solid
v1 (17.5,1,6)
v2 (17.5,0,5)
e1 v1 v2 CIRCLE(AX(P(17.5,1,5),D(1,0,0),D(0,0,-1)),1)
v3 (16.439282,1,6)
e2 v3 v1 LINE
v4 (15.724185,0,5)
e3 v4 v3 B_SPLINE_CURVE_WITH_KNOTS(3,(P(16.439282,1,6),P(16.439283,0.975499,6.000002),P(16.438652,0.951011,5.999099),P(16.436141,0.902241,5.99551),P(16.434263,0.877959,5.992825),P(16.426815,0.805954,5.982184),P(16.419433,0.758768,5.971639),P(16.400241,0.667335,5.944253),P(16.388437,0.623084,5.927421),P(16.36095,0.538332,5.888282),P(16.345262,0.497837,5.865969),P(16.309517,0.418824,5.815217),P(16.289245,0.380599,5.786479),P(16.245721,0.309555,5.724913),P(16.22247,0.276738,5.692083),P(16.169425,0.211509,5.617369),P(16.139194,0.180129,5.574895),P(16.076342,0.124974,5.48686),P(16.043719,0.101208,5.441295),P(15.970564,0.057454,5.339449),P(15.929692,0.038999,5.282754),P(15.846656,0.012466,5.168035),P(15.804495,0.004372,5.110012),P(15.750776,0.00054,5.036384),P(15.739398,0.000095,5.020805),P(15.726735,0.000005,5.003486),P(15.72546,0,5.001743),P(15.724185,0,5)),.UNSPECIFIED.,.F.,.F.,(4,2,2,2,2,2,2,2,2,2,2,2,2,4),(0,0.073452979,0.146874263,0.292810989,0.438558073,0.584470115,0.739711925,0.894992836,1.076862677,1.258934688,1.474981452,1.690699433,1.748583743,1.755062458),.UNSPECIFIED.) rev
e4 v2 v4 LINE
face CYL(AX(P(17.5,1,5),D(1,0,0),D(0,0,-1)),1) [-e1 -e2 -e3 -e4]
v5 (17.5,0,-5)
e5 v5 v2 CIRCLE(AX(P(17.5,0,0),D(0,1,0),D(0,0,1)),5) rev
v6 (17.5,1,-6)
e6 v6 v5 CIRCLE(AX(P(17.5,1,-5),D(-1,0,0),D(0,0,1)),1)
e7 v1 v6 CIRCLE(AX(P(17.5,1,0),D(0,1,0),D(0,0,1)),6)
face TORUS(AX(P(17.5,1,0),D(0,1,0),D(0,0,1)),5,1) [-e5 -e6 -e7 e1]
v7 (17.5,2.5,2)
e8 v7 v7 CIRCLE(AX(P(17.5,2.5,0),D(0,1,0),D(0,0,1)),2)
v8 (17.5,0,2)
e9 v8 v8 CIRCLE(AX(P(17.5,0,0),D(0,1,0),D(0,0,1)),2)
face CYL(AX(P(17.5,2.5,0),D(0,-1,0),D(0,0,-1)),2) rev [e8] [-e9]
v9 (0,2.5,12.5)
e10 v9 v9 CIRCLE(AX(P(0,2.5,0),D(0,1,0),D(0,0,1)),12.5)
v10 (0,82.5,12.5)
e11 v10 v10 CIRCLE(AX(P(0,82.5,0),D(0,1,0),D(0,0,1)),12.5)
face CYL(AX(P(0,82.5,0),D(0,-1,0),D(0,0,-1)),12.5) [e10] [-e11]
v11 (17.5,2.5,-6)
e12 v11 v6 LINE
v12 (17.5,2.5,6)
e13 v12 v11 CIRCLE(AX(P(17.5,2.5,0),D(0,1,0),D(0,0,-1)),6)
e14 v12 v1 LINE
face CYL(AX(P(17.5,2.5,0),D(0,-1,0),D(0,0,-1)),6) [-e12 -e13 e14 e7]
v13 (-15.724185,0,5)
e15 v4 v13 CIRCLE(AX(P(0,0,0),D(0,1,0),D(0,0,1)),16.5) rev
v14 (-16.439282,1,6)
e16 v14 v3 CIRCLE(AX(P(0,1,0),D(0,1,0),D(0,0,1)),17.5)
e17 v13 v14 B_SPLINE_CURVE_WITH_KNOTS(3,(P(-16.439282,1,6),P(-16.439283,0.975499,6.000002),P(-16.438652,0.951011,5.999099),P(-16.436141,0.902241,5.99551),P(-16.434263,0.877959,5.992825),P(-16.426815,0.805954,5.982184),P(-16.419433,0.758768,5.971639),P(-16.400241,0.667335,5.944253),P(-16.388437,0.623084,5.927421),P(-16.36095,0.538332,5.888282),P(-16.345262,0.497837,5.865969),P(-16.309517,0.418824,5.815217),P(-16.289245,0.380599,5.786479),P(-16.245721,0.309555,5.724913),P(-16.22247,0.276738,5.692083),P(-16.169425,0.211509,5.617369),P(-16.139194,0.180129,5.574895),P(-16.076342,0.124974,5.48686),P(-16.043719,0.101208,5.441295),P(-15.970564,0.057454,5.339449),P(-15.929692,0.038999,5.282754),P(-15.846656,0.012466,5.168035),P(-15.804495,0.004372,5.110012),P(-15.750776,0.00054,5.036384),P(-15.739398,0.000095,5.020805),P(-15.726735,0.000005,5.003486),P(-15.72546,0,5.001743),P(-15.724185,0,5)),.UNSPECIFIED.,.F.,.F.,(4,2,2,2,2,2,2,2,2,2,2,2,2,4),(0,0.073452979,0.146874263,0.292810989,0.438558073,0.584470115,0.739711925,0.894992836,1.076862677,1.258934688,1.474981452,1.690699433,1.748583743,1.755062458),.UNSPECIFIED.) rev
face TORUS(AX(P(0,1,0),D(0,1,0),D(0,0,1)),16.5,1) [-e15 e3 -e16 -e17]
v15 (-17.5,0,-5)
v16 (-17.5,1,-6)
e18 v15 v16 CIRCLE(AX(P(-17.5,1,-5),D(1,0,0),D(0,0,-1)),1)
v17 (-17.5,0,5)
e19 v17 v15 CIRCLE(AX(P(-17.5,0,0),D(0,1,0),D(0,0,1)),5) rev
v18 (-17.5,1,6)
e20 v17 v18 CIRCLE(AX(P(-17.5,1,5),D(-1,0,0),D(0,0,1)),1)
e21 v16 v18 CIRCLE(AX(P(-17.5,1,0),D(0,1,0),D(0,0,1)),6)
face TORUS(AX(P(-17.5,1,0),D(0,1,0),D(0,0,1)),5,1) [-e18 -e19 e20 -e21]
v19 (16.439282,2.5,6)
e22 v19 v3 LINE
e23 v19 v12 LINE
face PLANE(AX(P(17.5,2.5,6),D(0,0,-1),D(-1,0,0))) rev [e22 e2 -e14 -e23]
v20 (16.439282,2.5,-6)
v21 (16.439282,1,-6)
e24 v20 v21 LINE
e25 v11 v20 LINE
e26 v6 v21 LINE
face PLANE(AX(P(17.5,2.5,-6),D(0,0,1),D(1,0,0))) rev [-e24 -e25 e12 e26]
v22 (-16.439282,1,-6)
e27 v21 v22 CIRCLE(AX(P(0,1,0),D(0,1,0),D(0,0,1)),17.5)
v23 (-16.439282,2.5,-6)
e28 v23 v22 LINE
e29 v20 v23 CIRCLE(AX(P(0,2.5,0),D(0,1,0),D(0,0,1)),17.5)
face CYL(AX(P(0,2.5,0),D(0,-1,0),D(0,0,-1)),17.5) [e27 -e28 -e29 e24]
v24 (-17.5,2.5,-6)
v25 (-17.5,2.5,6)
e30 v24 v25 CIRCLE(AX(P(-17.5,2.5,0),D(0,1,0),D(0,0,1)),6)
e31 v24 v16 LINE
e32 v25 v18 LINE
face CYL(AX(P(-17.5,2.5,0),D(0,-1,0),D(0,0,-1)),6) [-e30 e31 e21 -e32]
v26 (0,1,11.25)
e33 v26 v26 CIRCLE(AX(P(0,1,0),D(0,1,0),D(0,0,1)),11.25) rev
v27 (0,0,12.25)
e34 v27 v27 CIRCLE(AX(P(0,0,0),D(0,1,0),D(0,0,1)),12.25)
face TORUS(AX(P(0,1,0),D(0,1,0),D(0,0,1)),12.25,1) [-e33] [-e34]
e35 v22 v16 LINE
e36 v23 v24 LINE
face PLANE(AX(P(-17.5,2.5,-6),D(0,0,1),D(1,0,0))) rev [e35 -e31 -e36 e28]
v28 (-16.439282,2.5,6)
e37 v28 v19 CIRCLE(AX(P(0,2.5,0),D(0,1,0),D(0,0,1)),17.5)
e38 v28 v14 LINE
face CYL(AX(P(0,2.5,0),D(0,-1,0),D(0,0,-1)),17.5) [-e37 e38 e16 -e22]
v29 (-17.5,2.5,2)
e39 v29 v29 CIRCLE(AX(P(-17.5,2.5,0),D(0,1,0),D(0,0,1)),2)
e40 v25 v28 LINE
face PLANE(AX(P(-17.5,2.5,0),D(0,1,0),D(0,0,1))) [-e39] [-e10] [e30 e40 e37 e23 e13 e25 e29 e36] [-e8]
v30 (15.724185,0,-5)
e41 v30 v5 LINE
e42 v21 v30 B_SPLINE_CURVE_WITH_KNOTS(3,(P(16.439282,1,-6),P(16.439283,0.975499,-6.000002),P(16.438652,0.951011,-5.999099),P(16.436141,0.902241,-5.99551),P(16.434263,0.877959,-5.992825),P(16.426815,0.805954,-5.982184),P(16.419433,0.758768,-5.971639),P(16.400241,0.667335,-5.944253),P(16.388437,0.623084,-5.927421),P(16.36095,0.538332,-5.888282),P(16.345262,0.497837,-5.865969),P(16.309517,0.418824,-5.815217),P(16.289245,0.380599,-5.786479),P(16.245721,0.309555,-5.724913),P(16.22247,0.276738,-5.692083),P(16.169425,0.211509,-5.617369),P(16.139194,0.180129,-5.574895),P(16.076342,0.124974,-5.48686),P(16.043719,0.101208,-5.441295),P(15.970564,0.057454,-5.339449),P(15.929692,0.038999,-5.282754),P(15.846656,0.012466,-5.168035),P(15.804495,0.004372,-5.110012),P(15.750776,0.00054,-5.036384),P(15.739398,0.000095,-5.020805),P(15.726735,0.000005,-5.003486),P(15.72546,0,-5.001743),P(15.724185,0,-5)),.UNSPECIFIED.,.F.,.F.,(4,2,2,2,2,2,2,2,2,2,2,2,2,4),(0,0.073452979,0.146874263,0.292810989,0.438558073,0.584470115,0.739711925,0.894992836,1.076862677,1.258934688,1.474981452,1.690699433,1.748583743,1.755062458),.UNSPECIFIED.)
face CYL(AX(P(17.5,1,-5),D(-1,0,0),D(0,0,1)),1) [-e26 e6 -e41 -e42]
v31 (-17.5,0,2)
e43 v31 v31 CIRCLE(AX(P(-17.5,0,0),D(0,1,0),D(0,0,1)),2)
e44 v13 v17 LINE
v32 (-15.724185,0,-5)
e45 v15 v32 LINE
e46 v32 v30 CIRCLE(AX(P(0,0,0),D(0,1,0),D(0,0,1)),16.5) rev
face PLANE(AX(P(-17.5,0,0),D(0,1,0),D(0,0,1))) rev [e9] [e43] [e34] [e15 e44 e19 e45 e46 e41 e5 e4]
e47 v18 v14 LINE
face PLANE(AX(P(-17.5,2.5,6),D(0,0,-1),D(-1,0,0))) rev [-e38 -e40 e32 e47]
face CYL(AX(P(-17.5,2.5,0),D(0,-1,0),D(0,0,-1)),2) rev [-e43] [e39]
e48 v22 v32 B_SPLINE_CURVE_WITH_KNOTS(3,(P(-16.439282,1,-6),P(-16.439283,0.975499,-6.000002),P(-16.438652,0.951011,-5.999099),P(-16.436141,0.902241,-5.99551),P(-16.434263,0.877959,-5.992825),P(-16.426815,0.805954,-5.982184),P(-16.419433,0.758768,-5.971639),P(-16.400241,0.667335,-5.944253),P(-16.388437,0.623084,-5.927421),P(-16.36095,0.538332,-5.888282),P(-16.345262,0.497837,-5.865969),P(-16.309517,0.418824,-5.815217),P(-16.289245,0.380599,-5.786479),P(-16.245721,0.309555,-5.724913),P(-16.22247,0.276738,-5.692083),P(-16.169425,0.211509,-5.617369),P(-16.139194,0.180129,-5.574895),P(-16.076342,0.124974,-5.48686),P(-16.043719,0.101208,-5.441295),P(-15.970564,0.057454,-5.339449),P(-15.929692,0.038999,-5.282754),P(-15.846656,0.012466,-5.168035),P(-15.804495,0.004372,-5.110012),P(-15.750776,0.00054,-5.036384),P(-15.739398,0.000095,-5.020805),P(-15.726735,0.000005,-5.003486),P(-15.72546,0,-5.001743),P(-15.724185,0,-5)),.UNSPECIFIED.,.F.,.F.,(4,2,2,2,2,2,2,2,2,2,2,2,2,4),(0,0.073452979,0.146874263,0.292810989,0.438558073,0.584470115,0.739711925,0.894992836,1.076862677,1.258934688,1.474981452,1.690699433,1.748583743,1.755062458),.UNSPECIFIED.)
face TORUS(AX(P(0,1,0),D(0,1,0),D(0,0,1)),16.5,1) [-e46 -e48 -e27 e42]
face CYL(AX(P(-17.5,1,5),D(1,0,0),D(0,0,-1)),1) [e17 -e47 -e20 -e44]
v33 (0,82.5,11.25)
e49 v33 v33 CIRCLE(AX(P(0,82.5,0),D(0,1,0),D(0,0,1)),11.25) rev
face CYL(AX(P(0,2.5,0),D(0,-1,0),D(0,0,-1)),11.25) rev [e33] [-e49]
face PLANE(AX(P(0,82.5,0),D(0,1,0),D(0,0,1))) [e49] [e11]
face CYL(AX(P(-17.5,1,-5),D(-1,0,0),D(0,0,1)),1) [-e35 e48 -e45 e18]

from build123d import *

# Parameters (mm, degrees)
CROQUIS1_R              = 11.25
CROQUIS1_R_2            = 2
SALIENTE_EXTRUIR2_DEPTH = 2.5
CROQUIS2_R              = 12.5
CROQUIS2_R_2            = 11.25
SALIENTE_EXTRUIR4_DEPTH = 80
REDONDEO1_R             = 1


with BuildPart() as part:
    # Croquis1 → Saliente-Extruir2 (new body)
    with BuildSketch(Plane(origin=(0, 0, 0), x_dir=(1, 0, 0), z_dir=(0, 1, 0))):
        with BuildLine():
            Line((-17.5, 6), (-16.439282223, 6))
            ThreePointArc((-16.439282223, 6), (0, 17.5), (16.439282223, 6))
            Line((16.439282223, 6), (17.5, 6))
            ThreePointArc((17.5, 6), (23.5, 0), (17.5, -6))
            Line((17.5, -6), (16.439282223, -6))
            ThreePointArc((16.439282223, -6), (0, -17.5), (-16.439282223, -6))
            Line((-16.439282223, -6), (-17.5, -6))
            ThreePointArc((-17.5, -6), (-23.5, 0), (-17.5, 6))
        make_face()
        with Locations(Location((0, 0, 0), (0, 0, 270))):
            Circle(CROQUIS1_R, mode=Mode.SUBTRACT)
        with Locations(Location((-17.5, 0, 0), (0, 0, 270))):
            Circle(CROQUIS1_R_2, mode=Mode.SUBTRACT)
        with Locations(Location((17.5, 0, 0), (0, 0, 270))):
            Circle(CROQUIS1_R_2, mode=Mode.SUBTRACT)
    extrude(amount=SALIENTE_EXTRUIR2_DEPTH)

    # Croquis2 → Saliente-Extruir4 (add)
    with BuildSketch(Plane(origin=(0, 2.5, 0), x_dir=(1, 0, 0), z_dir=(0, 1, 0))):
        with Locations(Location((0, 0, 0), (0, 0, 270))):
            Circle(CROQUIS2_R)
        with Locations(Location((0, 0, 0), (0, 0, 270))):
            Circle(CROQUIS2_R_2, mode=Mode.SUBTRACT)
    extrude(amount=SALIENTE_EXTRUIR4_DEPTH)

    # Redondeo1
    redondeo1_edges = [part.edges().sort_by_distance(p)[0] for p in [
        (16.969641111, 0, 6),
        (0, 0, 17.5),
        (-16.969641111, 0, 6),
        (-23.5, 0, 0),
        (0, 0, -11.25),
        (-16.969641111, 0, -6),
        (0, 0, -17.5),
        (16.969641111, 0, -6),
        (23.5, 0, 0),
    ]]
    fillet(redondeo1_edges, radius=REDONDEO1_R)


solid = part.part
